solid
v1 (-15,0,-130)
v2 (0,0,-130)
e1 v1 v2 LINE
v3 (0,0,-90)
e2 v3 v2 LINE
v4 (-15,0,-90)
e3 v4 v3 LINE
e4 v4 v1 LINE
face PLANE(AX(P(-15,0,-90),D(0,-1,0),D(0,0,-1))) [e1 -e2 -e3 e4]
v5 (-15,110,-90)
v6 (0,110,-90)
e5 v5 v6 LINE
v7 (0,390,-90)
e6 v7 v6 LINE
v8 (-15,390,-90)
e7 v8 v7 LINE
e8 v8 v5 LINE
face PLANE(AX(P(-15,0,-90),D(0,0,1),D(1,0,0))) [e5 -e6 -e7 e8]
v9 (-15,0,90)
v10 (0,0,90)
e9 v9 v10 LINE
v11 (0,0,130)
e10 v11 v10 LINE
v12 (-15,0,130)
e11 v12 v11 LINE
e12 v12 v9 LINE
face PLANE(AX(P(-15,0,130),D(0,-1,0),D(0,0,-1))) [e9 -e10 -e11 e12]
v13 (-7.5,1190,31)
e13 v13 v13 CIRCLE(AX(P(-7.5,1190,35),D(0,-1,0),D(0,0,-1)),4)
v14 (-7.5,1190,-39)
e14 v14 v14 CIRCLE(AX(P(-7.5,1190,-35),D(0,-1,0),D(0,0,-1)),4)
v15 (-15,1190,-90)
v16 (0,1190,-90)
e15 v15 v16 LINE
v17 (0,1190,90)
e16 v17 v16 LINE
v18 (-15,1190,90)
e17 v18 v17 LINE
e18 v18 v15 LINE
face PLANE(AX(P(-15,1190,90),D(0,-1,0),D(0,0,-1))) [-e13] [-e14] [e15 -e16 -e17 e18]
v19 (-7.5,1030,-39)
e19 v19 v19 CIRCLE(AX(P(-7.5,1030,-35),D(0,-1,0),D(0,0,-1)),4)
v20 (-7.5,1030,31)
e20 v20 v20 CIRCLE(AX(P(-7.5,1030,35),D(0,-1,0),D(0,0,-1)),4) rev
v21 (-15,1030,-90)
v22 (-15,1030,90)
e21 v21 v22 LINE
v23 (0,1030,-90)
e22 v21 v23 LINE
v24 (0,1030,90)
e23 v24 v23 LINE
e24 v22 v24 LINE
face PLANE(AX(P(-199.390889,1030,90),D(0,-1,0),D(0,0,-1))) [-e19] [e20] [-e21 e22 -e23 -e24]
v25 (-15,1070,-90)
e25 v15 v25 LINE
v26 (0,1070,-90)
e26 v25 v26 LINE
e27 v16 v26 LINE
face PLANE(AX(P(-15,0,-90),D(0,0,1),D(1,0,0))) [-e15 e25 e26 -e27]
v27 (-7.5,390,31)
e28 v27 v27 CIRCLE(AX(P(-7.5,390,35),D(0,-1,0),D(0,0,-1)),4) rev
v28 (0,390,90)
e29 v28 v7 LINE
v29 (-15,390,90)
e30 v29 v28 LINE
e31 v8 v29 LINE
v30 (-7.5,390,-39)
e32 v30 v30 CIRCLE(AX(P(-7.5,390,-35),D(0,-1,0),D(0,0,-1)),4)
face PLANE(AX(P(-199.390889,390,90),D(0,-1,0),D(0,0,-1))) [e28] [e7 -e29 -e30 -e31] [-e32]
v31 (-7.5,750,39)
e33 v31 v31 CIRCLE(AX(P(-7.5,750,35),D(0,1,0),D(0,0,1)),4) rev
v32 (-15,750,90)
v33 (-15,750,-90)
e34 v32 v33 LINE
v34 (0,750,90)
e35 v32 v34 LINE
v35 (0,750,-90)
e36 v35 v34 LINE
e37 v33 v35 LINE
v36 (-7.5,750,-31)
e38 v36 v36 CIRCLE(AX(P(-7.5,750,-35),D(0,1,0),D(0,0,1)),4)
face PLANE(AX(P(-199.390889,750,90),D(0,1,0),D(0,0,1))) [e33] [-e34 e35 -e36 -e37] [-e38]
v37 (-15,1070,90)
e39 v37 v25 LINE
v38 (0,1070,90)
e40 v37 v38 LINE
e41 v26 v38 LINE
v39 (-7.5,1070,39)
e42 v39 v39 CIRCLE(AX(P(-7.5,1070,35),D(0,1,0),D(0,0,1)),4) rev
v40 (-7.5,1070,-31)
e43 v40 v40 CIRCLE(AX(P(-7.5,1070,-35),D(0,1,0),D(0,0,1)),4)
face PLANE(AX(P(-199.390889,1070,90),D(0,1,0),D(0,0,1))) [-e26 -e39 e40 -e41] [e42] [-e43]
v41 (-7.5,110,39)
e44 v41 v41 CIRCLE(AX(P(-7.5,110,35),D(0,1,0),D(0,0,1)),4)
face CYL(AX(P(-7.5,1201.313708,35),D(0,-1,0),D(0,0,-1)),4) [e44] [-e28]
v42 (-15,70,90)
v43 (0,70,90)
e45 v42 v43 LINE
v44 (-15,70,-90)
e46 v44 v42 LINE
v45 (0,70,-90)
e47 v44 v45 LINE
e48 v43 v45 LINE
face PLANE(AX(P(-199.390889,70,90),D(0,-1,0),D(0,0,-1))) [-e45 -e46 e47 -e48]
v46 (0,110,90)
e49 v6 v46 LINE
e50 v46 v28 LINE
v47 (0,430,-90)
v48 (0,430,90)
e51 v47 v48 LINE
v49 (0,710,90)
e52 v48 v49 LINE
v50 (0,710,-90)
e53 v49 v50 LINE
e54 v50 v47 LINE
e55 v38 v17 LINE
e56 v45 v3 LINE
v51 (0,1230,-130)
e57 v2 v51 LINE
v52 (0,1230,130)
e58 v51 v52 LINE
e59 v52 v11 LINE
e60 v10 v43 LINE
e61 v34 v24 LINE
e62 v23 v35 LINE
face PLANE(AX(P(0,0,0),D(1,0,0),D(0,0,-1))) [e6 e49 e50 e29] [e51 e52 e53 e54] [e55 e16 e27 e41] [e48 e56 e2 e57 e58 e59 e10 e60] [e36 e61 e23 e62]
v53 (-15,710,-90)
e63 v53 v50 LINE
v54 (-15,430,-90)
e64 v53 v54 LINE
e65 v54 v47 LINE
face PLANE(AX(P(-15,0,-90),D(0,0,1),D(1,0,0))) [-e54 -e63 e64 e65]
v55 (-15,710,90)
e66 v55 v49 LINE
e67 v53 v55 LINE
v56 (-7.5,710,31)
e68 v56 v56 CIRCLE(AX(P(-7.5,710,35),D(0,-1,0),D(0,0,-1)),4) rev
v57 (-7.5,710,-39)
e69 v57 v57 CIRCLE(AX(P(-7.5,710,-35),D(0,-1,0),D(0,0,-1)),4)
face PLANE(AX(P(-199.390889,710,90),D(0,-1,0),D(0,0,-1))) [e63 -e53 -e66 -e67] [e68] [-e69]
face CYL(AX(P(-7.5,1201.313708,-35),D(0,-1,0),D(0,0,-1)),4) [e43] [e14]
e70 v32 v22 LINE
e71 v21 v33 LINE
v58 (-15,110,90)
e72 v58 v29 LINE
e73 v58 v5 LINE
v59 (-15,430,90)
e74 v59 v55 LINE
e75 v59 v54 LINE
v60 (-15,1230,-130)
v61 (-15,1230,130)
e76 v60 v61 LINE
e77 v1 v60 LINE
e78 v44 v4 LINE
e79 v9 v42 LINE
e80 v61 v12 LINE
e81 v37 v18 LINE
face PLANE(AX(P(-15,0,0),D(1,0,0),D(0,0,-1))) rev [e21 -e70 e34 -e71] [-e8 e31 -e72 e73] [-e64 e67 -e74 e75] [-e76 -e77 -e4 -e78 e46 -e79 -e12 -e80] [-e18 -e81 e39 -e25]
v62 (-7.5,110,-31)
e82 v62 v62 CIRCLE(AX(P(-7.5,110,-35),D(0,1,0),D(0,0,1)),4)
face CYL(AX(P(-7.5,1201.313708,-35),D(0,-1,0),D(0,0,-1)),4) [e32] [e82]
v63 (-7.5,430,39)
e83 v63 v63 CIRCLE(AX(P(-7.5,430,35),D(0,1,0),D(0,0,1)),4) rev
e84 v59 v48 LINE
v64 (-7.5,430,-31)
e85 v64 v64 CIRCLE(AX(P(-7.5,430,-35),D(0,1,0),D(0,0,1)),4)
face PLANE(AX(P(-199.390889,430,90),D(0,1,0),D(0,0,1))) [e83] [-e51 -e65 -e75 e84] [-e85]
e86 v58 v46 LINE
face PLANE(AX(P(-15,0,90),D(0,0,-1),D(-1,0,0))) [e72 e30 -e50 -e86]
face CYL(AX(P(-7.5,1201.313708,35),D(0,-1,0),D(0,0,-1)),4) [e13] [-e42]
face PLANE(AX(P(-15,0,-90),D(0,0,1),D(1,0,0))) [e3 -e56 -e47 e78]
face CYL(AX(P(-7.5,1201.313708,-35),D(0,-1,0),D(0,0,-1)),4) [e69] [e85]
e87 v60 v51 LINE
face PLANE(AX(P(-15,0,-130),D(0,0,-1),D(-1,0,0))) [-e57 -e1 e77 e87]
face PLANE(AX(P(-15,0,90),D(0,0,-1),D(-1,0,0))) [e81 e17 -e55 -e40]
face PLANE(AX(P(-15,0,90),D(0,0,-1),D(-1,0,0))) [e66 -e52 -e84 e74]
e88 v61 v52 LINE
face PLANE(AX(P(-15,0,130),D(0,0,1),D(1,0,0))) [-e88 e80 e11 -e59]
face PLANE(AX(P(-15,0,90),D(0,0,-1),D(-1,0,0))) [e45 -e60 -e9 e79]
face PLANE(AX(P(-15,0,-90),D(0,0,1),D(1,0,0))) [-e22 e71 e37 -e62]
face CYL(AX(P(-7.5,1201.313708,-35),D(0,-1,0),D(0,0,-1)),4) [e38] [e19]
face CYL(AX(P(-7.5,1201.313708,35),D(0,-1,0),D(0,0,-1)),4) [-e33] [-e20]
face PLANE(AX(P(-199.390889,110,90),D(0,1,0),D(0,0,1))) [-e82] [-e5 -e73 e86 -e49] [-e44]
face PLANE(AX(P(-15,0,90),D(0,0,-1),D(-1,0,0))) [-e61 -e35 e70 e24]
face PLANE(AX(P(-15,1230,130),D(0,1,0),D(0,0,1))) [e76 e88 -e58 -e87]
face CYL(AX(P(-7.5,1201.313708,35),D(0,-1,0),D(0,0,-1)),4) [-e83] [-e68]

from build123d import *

# Parameters (mm, degrees)
EXTRUDE_1_DEPTH        = 15
SKETCH_2_W             = 180
SKETCH_2_H             = 40
EXTRUDE_2_DEPTH        = 15
PATTERN_LINEAR_1_COUNT = 4
PATTERN_LINEAR_1_PITCH = 320
SKETCH_3_R             = 4
EXTRUDE_3_DEPTH        = 1080


with BuildPart() as part:
    # 草图1 → 凸台-拉伸1 (new body)
    with BuildSketch(Plane(origin=(0, 0, 0), x_dir=(0, 0, -1), z_dir=(1, 0, 0))):
        Polygon((-90, 0), (-90, 1190), (90, 1190), (90, 0), (130, 0), (130, 1230), (-130, 1230), (-130, 0), align=None)
    extrude(amount=-EXTRUDE_1_DEPTH)

    # 草图2 → 凸台-拉伸2 (add)
    with BuildSketch(Plane(origin=(0, 0, 0), x_dir=(0, 0, -1), z_dir=(1, 0, 0))):
        with Locations((0, 90)):
            Rectangle(SKETCH_2_W, SKETCH_2_H)
    extrude_2 = extrude(amount=-EXTRUDE_2_DEPTH)

    # 阵列(线性)1: 凸台-拉伸2 ×4
    with Locations(*[(0, i * PATTERN_LINEAR_1_PITCH, 0) for i in range(1, PATTERN_LINEAR_1_COUNT)]):
        add(extrude_2)

    # 草图3 → 凸台-拉伸3 (add)
    with BuildSketch(Plane(origin=(0, 110, 0), x_dir=(1, 0, 0), z_dir=(0, 1, 0))):
        with Locations((-7.5, -35)):
            Circle(SKETCH_3_R)
    extrude_3 = extrude(amount=EXTRUDE_3_DEPTH)

    # 镜向1: 凸台-拉伸3 across plane
    add(extrude_3.mirror(Plane.XY))


solid = part.part
